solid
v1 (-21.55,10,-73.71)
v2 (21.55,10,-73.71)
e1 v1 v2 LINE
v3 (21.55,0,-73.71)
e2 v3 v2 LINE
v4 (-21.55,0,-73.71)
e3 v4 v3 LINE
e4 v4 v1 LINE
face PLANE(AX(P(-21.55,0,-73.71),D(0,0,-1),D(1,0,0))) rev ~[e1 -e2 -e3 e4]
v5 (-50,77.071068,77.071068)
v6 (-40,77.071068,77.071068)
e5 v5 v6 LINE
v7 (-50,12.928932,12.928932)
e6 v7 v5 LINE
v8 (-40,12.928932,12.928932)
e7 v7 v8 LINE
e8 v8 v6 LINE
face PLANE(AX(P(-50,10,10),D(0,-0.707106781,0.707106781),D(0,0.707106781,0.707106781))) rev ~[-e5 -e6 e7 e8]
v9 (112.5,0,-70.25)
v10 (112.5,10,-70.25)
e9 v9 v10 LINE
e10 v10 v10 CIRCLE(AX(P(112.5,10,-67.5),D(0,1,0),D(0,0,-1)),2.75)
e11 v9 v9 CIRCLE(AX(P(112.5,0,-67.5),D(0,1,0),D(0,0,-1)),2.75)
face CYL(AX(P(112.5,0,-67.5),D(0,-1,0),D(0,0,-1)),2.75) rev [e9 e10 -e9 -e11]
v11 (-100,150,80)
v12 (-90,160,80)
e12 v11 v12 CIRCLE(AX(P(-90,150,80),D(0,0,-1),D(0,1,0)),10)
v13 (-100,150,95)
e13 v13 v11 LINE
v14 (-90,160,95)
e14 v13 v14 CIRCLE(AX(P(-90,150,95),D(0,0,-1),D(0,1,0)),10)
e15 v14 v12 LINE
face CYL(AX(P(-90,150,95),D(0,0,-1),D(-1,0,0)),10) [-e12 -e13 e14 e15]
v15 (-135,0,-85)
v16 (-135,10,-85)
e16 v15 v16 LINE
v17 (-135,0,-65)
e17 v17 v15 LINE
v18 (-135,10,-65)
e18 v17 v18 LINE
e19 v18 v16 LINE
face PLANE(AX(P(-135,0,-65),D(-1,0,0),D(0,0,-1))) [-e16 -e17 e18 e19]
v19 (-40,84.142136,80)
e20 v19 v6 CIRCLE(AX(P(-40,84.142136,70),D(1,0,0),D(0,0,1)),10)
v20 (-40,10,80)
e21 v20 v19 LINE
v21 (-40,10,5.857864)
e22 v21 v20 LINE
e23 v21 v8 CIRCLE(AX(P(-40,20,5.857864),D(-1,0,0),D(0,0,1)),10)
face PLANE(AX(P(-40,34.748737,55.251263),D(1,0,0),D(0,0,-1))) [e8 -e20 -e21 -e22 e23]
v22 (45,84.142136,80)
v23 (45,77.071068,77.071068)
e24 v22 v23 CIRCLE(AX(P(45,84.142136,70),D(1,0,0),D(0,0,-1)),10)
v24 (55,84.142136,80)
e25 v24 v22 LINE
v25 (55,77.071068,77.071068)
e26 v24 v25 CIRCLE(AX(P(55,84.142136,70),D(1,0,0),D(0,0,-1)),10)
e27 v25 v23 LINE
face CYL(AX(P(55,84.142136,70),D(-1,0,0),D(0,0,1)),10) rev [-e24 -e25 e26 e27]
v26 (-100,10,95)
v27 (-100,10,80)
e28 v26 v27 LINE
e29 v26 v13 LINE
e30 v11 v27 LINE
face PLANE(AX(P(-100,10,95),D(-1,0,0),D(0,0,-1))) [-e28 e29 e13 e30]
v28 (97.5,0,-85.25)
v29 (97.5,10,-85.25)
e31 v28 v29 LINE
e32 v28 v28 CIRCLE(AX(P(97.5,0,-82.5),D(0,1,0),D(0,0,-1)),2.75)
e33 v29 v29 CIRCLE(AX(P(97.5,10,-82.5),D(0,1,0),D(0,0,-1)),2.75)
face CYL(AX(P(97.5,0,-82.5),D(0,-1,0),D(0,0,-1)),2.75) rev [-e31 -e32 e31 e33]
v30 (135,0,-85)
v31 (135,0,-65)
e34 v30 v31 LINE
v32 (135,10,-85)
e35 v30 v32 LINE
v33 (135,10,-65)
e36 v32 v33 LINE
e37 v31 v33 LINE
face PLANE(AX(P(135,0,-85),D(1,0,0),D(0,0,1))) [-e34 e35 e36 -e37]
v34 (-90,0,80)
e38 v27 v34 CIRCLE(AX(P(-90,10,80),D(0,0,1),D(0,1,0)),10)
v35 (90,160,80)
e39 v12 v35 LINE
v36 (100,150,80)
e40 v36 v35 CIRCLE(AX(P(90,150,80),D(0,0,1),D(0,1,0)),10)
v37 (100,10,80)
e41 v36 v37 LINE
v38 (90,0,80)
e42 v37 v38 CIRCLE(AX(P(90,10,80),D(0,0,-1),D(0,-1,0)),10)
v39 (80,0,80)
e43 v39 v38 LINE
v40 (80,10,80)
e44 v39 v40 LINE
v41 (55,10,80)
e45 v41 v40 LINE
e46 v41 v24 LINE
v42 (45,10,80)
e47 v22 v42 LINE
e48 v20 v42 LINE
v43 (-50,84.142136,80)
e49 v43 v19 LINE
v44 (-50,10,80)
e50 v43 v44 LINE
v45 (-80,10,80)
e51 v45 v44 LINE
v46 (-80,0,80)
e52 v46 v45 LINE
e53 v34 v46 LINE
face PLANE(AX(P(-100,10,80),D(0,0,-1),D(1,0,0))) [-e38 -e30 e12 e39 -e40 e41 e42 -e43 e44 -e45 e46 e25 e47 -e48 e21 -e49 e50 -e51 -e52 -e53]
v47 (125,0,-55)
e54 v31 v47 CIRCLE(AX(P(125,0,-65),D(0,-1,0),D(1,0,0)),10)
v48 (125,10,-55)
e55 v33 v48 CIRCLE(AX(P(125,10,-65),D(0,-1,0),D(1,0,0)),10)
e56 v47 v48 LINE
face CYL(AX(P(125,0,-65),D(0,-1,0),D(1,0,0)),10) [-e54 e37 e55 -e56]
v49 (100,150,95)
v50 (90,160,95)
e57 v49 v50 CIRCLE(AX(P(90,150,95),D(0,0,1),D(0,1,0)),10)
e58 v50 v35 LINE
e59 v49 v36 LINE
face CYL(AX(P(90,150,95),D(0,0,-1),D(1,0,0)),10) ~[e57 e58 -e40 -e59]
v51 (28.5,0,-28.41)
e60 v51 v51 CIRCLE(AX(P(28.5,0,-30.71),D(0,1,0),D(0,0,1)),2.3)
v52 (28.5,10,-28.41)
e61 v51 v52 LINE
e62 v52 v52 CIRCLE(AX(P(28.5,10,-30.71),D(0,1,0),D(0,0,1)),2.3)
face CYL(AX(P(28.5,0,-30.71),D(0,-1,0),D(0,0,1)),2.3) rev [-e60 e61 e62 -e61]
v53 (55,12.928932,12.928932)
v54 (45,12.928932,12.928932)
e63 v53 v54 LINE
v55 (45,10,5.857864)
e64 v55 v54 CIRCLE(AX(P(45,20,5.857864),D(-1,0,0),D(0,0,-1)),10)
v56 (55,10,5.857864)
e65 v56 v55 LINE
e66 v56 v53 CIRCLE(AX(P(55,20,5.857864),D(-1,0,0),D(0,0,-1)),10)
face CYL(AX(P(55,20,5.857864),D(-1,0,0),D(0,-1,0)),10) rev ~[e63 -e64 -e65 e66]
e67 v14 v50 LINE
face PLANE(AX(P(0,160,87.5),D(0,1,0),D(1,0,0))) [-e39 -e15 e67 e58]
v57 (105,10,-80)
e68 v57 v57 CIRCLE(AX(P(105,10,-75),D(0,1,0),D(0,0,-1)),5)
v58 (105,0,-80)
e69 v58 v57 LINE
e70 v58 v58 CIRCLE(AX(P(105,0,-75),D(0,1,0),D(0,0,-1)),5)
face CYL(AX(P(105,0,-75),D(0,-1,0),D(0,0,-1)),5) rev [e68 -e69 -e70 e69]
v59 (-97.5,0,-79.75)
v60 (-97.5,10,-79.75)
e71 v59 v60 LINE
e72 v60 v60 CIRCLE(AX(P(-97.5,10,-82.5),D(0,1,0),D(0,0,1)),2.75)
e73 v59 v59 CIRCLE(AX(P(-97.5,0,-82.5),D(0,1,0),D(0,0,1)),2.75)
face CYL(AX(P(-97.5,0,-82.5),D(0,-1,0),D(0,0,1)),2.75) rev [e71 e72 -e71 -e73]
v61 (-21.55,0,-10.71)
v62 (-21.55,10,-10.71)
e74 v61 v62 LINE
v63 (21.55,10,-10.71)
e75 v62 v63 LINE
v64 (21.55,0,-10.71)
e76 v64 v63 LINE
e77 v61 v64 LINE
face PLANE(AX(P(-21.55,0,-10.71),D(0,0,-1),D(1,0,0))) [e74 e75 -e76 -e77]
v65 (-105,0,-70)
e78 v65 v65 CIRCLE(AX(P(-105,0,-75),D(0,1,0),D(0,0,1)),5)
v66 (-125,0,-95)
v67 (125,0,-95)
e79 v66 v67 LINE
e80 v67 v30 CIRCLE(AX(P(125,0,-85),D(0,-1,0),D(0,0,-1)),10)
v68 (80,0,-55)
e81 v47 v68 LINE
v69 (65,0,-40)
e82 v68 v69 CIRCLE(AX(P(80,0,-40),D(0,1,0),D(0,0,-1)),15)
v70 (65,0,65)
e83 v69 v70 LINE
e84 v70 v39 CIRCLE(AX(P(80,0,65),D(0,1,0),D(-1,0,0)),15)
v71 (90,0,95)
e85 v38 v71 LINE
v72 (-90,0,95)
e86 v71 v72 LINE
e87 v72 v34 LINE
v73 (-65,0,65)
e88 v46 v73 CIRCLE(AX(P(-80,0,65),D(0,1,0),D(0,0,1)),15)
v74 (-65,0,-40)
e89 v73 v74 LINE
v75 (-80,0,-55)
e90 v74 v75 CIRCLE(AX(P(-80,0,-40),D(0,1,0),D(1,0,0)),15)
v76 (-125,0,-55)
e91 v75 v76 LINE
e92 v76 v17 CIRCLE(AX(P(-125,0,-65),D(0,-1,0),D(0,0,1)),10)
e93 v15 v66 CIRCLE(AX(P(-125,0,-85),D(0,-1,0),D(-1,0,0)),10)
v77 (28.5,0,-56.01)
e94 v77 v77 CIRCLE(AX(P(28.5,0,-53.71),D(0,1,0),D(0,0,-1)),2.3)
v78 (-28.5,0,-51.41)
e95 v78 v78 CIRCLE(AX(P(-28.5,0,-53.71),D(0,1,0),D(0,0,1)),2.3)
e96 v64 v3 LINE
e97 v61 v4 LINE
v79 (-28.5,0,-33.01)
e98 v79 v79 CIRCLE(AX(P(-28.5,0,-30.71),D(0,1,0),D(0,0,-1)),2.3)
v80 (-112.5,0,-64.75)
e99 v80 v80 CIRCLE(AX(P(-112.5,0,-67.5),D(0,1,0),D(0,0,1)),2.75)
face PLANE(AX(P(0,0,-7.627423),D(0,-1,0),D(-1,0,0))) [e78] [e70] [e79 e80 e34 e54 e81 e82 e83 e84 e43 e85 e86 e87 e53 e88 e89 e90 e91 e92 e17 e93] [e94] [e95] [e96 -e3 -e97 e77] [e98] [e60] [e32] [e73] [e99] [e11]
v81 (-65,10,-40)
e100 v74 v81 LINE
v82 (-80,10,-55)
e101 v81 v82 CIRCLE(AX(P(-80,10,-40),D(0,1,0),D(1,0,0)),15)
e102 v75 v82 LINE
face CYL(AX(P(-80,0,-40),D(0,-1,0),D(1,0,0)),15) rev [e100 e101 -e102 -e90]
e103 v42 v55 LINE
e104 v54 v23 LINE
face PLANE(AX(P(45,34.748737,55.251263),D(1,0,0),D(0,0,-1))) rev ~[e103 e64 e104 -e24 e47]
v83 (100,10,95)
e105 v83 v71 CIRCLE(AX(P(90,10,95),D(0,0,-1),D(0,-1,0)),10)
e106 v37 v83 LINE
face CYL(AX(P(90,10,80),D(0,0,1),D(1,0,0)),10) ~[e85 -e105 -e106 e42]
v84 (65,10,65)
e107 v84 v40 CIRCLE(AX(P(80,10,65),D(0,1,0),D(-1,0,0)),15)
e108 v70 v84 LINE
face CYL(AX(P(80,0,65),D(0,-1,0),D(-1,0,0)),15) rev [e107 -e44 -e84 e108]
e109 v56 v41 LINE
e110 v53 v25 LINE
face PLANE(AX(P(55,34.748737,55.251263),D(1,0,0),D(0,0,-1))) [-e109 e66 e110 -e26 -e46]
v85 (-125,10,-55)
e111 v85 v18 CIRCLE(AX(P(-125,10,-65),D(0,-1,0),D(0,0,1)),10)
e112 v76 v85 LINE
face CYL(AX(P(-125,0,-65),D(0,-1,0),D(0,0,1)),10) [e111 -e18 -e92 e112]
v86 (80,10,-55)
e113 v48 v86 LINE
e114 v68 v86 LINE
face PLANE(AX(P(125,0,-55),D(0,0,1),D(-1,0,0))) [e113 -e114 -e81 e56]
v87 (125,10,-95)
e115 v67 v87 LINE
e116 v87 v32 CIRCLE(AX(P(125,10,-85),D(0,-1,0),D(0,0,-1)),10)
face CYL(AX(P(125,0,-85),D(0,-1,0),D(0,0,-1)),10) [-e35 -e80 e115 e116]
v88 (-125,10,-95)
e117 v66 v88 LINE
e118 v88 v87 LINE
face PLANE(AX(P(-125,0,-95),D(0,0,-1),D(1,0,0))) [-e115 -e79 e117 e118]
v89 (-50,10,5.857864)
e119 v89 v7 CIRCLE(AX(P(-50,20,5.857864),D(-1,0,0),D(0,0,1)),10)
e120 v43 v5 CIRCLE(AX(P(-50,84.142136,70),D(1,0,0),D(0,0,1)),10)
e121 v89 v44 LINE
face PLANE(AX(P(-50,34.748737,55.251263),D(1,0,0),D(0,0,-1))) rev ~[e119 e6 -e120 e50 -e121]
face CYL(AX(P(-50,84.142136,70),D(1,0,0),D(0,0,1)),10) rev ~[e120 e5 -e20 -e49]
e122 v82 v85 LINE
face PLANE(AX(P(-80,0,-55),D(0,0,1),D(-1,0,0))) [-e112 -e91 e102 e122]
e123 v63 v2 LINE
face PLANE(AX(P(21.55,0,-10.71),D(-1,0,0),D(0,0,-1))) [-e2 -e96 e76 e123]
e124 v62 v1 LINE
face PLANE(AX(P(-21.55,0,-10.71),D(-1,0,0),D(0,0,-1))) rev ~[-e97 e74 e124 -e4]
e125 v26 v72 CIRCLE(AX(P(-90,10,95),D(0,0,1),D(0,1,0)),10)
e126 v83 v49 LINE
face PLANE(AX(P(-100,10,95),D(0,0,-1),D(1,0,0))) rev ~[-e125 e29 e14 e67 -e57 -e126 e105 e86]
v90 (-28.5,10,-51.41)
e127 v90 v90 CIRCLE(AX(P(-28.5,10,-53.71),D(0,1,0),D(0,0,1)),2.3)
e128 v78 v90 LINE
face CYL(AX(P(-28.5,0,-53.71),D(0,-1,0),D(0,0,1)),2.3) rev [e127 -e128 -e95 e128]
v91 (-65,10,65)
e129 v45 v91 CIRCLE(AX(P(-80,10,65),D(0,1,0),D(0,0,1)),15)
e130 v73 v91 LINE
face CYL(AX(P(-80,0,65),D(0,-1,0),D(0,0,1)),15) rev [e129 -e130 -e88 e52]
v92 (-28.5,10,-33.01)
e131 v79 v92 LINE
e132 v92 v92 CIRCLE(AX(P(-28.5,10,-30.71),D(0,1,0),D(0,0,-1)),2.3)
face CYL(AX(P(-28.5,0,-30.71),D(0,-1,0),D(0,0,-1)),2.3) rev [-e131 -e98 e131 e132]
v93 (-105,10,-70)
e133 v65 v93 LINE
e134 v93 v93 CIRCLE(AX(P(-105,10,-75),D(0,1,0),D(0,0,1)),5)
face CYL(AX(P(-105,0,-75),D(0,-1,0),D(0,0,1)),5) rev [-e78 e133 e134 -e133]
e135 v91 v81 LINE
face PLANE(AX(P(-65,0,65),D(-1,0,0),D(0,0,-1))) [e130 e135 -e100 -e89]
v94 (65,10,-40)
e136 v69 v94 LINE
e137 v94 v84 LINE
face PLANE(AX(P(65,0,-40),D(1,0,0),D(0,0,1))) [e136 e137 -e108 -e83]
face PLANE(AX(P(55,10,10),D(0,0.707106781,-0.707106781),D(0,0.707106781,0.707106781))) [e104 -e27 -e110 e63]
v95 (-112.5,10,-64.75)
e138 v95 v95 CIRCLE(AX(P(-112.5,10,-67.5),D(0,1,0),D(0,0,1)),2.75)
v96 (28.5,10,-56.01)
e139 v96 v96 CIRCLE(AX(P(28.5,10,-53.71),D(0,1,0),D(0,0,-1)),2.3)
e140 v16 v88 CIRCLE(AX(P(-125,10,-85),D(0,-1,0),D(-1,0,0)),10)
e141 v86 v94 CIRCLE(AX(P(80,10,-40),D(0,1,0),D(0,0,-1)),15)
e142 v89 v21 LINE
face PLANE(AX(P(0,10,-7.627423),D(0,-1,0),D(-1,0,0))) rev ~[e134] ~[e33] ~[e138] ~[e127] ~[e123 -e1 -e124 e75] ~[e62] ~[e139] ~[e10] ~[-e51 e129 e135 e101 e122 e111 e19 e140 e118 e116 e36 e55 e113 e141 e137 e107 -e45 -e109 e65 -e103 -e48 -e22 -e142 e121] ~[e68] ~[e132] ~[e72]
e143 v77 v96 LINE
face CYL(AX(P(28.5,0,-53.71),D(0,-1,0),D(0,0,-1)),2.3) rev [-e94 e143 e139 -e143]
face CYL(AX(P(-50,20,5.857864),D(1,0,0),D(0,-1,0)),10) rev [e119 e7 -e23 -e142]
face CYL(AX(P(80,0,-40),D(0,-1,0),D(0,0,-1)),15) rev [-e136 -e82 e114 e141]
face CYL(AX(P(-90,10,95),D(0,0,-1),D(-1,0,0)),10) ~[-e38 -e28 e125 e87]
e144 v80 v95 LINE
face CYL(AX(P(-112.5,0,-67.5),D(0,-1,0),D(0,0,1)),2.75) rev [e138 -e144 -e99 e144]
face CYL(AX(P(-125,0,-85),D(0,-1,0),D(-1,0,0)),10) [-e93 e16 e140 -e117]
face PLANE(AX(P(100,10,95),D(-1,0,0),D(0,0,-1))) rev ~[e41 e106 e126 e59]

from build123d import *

# Parameters (mm, degrees)
SKIZZE1_R                       = 5
SKIZZE1_R_2                     = 2.75
SKIZZE1_R_3                     = 2.3
SKIZZE1_W                       = 43.1
SKIZZE1_H                       = 63
AUFSATZ_LINEAR_AUSTRAGEN1_DEPTH = 10
SKIZZE3_W                       = 200
SKIZZE3_H                       = 15
AUFSATZ_LINEAR_AUSTRAGEN2_DEPTH = 150
VERRUNDUNG1_R                   = 10
AUFSATZ_LINEAR_AUSTRAGEN3_DEPTH = 10
AUFSATZ_LINEAR_AUSTRAGEN4_DEPTH = 10
VERRUNDUNG2_R                   = 10


with BuildPart() as part:
    # Skizze1 → Aufsatz-Linear austragen1 (new body)
    with BuildSketch(Plane(origin=(0, 0, 0), x_dir=(1, 0, 0), z_dir=(0, 1, 0))):
        with BuildLine():
            Line((-125, 95), (125, 95))
            ThreePointArc((125, 95), (132.071067812, 92.071067812), (135, 85))
            Line((135, 85), (135, 65))
            ThreePointArc((135, 65), (132.071067812, 57.928932188), (125, 55))
            Line((125, 55), (80, 55))
            ThreePointArc((80, 55), (69.393398282, 50.606601718), (65, 40))
            Line((65, 40), (65, -65))
            ThreePointArc((65, -65), (69.393398282, -75.606601718), (80, -80))
            Line((80, -80), (90, -80))
            Line((90, -80), (100, -80))
            Line((100, -80), (100, -95))
            Line((100, -95), (80, -95))
            Line((80, -95), (-80, -95))
            Line((-80, -95), (-100, -95))
            Line((-100, -95), (-100, -80))
            Line((-100, -80), (-90, -80))
            Line((-90, -80), (-80, -80))
            ThreePointArc((-80, -80), (-69.393398282, -75.606601718), (-65, -65))
            Line((-65, -65), (-65, 40))
            ThreePointArc((-65, 40), (-69.393398282, 50.606601718), (-80, 55))
            Line((-80, 55), (-125, 55))
            ThreePointArc((-125, 55), (-132.071067812, 57.928932188), (-135, 65))
            Line((-135, 65), (-135, 85))
            ThreePointArc((-135, 85), (-132.071067812, 92.071067812), (-125, 95))
        make_face()
        with Locations(Location((-105, 75, 0), (0, 0, 270))):
            Circle(SKIZZE1_R, mode=Mode.SUBTRACT)
        with Locations(Location((105, 75, 0), (0, 0, 90))):
            Circle(SKIZZE1_R, mode=Mode.SUBTRACT)
        with Locations(Location((-97.5, 82.5, 0), (0, 0, 270))):
            Circle(SKIZZE1_R_2, mode=Mode.SUBTRACT)
        with Locations(Location((-112.5, 67.5, 0), (0, 0, 270))):
            Circle(SKIZZE1_R_2, mode=Mode.SUBTRACT)
        with Locations(Location((97.5, 82.5, 0), (0, 0, 90))):
            Circle(SKIZZE1_R_2, mode=Mode.SUBTRACT)
        with Locations(Location((112.5, 67.5, 0), (0, 0, 90))):
            Circle(SKIZZE1_R_2, mode=Mode.SUBTRACT)
        with Locations(Location((-28.5, 53.71, 0), (0, 0, 270))):
            Circle(SKIZZE1_R_3, mode=Mode.SUBTRACT)
        with Locations(Location((-28.5, 30.71, 0), (0, 0, 90))):
            Circle(SKIZZE1_R_3, mode=Mode.SUBTRACT)
        with Locations(Location((28.5, 30.71, 0), (0, 0, 270))):
            Circle(SKIZZE1_R_3, mode=Mode.SUBTRACT)
        with Locations(Location((28.5, 53.71, 0), (0, 0, 90))):
            Circle(SKIZZE1_R_3, mode=Mode.SUBTRACT)
        with Locations((0, 42.21)):
            Rectangle(SKIZZE1_W, SKIZZE1_H, mode=Mode.SUBTRACT)
    extrude(amount=AUFSATZ_LINEAR_AUSTRAGEN1_DEPTH)

    # Skizze3 → Aufsatz-Linear austragen2 (add)
    with BuildSketch(Plane(origin=(0, 10, 0), x_dir=(1, 0, 0), z_dir=(0, 1, 0))):
        with Locations((0, -87.5)):
            Rectangle(SKIZZE3_W, SKIZZE3_H)
    extrude(amount=AUFSATZ_LINEAR_AUSTRAGEN2_DEPTH)

    # Verrundung1
    verrundung1_edges = [part.edges().sort_by_distance(p)[0] for p in [
        (-100, 160, 87.5),
        (100, 160, 87.5),
        (100, 0, 87.5),
        (-100, 0, 87.5),
    ]]
    fillet(verrundung1_edges, radius=VERRUNDUNG1_R)

    # Skizze5 → Aufsatz-Linear austragen3 (add)
    with BuildSketch(Plane.ZY.offset(50)):
        Polygon((10, 10), (80, 80), (80, 10), align=None)
    extrude(amount=-AUFSATZ_LINEAR_AUSTRAGEN3_DEPTH)

    # Skizze6 → Aufsatz-Linear austragen4 (add)
    with BuildSketch(Plane(origin=(55, 0, 0), x_dir=(0, 0, -1), z_dir=(1, 0, 0))):
        Polygon((-10, 10), (-80, 80), (-80, 10), align=None)
    extrude(amount=-AUFSATZ_LINEAR_AUSTRAGEN4_DEPTH)

    # Verrundung2
    verrundung2_edges = [part.edges().sort_by_distance(p)[0] for p in [
        (-45, 10, 10),
        (-45, 80, 80),
        (50, 10, 10),
        (50, 80, 80),
    ]]
    fillet(verrundung2_edges, radius=VERRUNDUNG2_R)


solid = part.part
